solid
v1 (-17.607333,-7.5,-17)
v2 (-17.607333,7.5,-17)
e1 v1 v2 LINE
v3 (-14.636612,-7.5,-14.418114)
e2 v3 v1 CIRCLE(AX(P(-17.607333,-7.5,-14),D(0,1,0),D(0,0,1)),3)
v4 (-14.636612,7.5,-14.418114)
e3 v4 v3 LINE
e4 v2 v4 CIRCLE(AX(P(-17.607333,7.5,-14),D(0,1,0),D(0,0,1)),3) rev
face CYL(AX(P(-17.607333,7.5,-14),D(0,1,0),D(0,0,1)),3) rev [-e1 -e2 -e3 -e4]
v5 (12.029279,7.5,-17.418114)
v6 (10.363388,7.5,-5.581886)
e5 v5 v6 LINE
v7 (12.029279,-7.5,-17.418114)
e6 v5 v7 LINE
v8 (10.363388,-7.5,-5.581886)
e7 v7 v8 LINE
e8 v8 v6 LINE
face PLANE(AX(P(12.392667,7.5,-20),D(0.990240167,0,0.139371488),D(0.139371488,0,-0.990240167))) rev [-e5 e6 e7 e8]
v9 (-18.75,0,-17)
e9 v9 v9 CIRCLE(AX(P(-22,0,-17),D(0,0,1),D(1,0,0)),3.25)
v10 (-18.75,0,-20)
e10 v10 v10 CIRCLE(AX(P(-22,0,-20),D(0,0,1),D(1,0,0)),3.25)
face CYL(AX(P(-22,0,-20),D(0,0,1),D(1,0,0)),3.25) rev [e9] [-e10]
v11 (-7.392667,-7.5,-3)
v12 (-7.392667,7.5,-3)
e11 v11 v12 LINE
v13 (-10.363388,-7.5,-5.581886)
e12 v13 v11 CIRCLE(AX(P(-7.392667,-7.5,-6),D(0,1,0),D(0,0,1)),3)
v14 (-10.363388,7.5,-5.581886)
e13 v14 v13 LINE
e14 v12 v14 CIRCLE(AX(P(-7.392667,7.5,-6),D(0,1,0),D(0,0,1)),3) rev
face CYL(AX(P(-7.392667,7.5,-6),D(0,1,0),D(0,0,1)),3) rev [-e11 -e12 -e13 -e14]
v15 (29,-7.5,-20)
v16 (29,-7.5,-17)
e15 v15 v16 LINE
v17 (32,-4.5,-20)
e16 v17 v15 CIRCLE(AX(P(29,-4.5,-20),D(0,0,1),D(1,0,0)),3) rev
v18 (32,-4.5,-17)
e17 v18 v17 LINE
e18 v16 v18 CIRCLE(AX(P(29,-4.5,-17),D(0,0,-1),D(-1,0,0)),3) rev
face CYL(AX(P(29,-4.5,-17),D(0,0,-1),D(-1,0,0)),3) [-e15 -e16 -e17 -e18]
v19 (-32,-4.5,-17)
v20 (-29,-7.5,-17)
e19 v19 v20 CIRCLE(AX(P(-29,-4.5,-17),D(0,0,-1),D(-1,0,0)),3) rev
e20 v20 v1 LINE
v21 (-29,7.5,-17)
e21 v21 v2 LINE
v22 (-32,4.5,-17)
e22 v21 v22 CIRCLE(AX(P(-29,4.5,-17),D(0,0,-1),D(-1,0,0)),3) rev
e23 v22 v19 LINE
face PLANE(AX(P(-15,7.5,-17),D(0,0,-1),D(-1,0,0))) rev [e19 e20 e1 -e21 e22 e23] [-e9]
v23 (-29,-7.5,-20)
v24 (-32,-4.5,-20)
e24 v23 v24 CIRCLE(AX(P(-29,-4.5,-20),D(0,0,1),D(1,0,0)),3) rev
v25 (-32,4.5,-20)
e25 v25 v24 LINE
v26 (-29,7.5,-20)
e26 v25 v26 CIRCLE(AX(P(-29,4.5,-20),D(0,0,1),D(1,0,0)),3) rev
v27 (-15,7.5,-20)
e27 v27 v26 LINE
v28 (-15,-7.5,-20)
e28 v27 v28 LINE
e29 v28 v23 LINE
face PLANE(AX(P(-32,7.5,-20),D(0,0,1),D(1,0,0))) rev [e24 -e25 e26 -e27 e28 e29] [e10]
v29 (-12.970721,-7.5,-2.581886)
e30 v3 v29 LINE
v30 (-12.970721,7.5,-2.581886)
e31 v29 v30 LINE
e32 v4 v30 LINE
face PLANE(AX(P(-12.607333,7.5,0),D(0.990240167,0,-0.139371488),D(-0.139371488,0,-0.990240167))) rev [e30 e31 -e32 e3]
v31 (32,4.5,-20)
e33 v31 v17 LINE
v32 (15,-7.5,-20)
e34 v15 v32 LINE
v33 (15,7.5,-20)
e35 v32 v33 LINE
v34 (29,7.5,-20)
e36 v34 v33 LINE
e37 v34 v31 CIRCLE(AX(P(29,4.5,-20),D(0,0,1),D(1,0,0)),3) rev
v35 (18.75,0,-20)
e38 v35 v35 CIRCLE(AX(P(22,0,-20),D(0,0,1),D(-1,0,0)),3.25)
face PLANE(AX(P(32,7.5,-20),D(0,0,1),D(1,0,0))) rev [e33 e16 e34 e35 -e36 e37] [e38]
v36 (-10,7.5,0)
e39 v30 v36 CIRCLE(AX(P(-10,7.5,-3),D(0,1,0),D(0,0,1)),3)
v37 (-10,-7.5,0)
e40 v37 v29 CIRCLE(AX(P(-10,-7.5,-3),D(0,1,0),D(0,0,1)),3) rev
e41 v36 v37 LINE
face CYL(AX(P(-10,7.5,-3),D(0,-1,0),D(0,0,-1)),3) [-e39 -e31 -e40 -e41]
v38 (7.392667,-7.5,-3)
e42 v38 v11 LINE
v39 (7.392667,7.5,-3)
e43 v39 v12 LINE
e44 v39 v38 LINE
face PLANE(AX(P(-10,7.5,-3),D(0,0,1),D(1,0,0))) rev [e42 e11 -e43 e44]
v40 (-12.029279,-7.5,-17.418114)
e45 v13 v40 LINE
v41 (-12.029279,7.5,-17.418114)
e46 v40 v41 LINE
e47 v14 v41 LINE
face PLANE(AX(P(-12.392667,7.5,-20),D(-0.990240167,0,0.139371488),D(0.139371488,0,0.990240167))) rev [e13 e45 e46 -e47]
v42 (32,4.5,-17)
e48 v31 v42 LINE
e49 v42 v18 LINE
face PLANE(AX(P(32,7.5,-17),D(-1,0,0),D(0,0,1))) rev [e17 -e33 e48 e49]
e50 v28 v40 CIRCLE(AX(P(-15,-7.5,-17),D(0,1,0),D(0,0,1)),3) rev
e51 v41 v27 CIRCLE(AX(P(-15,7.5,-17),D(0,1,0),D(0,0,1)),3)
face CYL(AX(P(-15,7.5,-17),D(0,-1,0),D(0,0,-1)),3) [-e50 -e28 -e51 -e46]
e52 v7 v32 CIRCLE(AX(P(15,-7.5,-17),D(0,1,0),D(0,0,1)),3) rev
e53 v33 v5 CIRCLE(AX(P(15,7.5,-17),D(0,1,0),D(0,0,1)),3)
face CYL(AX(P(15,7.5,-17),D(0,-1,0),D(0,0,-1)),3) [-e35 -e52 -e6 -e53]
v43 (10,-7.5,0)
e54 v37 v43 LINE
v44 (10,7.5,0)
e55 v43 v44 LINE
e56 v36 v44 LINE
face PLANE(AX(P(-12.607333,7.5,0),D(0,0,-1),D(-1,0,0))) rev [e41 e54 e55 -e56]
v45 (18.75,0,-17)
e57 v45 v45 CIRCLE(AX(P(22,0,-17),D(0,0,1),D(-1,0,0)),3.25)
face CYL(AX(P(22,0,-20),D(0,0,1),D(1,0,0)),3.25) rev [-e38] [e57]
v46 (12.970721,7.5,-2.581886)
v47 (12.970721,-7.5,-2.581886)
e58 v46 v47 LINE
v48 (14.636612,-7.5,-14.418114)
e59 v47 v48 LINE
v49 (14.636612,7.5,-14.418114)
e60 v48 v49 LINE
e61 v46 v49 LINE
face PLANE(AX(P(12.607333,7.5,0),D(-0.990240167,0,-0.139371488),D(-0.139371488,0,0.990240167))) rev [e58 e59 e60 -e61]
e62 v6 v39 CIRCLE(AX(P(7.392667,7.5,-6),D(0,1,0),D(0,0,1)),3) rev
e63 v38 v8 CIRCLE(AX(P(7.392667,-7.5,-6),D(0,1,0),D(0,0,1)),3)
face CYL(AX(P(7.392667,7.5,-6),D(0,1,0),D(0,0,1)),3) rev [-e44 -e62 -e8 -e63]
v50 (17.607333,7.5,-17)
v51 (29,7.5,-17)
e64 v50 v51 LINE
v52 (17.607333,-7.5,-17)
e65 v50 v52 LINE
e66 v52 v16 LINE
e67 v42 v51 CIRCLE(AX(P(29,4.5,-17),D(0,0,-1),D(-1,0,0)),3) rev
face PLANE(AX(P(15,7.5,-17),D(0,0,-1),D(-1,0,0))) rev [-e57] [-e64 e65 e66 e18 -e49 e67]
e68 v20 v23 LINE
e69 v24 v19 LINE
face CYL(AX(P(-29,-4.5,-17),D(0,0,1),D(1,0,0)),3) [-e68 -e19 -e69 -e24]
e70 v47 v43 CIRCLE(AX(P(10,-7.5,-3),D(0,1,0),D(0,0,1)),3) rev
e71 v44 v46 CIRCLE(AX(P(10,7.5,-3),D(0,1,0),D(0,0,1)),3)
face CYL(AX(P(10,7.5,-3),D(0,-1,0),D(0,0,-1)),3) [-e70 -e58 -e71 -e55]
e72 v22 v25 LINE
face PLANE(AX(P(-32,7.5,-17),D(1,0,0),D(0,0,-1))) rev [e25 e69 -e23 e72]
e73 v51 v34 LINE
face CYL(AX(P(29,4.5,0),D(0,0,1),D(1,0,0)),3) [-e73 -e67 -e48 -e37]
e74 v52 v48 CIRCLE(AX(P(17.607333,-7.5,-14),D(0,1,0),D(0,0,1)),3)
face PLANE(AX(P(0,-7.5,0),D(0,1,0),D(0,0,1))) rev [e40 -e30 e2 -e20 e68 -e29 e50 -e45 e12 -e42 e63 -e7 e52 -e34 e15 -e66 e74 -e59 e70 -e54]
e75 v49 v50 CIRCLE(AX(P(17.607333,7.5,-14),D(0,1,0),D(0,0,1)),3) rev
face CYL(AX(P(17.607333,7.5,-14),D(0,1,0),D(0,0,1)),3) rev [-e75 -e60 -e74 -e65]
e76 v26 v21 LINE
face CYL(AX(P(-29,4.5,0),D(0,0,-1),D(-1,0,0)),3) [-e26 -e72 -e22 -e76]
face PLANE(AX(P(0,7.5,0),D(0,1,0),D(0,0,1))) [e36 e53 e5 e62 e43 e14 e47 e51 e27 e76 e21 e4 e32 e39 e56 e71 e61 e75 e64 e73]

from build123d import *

# Parameters (mm, degrees)
EXTRUDE_1_DEPTH     = 7.5
SKETCH_2_R          = 3.25
CUT_EXTRUDE_1_DEPTH = 38.003378224
FILLET_1_R          = 3
FILLET_2_R          = 3


with BuildPart() as part:
    # 草图1 → 凸台-拉伸1 (new, symmetric)
    with BuildSketch(Plane(origin=(0, 0, 0), x_dir=(1, 0, 0), z_dir=(0, 1, 0))):
        Polygon((-12.607332667, 0), (12.607332667, 0), (15, 17), (32, 17), (32, 20), (12.392667333, 20), (10, 3), (-10, 3), (-12.392667333, 20), (-32, 20), (-32, 17), (-15, 17), align=None)
    extrude(amount=EXTRUDE_1_DEPTH, both=True)

    # 草图2 → 切除-拉伸1 (cut, through all)
    with BuildSketch(Plane.XY.offset(-17)):
        with Locations((-22, 0)):
            Circle(SKETCH_2_R)
        with Locations(Location((22, 0, 0), (0, 0, 180))):
            Circle(SKETCH_2_R)
    extrude(amount=-CUT_EXTRUDE_1_DEPTH, mode=Mode.SUBTRACT)

    # 圆角1
    fillet_1_edges = [part.edges().sort_by_distance(p)[0] for p in [
        (15, 0, -17),
        (12.607332667, 0, 0),
        (-12.607332667, 0, 0),
        (-15, 0, -17),
        (-12.392667333, 0, -20),
        (-10, 0, -3),
        (10, 0, -3),
        (12.392667333, 0, -20),
    ]]
    fillet(fillet_1_edges, radius=FILLET_1_R)

    # 圆角2
    fillet_2_edges = [part.edges().sort_by_distance(p)[0] for p in [
        (-32, -7.5, -18.5),
        (32, -7.5, -18.5),
        (-32, 7.5, -18.5),
        (32, 7.5, -18.5),
    ]]
    fillet(fillet_2_edges, radius=FILLET_2_R)


solid = part.part
